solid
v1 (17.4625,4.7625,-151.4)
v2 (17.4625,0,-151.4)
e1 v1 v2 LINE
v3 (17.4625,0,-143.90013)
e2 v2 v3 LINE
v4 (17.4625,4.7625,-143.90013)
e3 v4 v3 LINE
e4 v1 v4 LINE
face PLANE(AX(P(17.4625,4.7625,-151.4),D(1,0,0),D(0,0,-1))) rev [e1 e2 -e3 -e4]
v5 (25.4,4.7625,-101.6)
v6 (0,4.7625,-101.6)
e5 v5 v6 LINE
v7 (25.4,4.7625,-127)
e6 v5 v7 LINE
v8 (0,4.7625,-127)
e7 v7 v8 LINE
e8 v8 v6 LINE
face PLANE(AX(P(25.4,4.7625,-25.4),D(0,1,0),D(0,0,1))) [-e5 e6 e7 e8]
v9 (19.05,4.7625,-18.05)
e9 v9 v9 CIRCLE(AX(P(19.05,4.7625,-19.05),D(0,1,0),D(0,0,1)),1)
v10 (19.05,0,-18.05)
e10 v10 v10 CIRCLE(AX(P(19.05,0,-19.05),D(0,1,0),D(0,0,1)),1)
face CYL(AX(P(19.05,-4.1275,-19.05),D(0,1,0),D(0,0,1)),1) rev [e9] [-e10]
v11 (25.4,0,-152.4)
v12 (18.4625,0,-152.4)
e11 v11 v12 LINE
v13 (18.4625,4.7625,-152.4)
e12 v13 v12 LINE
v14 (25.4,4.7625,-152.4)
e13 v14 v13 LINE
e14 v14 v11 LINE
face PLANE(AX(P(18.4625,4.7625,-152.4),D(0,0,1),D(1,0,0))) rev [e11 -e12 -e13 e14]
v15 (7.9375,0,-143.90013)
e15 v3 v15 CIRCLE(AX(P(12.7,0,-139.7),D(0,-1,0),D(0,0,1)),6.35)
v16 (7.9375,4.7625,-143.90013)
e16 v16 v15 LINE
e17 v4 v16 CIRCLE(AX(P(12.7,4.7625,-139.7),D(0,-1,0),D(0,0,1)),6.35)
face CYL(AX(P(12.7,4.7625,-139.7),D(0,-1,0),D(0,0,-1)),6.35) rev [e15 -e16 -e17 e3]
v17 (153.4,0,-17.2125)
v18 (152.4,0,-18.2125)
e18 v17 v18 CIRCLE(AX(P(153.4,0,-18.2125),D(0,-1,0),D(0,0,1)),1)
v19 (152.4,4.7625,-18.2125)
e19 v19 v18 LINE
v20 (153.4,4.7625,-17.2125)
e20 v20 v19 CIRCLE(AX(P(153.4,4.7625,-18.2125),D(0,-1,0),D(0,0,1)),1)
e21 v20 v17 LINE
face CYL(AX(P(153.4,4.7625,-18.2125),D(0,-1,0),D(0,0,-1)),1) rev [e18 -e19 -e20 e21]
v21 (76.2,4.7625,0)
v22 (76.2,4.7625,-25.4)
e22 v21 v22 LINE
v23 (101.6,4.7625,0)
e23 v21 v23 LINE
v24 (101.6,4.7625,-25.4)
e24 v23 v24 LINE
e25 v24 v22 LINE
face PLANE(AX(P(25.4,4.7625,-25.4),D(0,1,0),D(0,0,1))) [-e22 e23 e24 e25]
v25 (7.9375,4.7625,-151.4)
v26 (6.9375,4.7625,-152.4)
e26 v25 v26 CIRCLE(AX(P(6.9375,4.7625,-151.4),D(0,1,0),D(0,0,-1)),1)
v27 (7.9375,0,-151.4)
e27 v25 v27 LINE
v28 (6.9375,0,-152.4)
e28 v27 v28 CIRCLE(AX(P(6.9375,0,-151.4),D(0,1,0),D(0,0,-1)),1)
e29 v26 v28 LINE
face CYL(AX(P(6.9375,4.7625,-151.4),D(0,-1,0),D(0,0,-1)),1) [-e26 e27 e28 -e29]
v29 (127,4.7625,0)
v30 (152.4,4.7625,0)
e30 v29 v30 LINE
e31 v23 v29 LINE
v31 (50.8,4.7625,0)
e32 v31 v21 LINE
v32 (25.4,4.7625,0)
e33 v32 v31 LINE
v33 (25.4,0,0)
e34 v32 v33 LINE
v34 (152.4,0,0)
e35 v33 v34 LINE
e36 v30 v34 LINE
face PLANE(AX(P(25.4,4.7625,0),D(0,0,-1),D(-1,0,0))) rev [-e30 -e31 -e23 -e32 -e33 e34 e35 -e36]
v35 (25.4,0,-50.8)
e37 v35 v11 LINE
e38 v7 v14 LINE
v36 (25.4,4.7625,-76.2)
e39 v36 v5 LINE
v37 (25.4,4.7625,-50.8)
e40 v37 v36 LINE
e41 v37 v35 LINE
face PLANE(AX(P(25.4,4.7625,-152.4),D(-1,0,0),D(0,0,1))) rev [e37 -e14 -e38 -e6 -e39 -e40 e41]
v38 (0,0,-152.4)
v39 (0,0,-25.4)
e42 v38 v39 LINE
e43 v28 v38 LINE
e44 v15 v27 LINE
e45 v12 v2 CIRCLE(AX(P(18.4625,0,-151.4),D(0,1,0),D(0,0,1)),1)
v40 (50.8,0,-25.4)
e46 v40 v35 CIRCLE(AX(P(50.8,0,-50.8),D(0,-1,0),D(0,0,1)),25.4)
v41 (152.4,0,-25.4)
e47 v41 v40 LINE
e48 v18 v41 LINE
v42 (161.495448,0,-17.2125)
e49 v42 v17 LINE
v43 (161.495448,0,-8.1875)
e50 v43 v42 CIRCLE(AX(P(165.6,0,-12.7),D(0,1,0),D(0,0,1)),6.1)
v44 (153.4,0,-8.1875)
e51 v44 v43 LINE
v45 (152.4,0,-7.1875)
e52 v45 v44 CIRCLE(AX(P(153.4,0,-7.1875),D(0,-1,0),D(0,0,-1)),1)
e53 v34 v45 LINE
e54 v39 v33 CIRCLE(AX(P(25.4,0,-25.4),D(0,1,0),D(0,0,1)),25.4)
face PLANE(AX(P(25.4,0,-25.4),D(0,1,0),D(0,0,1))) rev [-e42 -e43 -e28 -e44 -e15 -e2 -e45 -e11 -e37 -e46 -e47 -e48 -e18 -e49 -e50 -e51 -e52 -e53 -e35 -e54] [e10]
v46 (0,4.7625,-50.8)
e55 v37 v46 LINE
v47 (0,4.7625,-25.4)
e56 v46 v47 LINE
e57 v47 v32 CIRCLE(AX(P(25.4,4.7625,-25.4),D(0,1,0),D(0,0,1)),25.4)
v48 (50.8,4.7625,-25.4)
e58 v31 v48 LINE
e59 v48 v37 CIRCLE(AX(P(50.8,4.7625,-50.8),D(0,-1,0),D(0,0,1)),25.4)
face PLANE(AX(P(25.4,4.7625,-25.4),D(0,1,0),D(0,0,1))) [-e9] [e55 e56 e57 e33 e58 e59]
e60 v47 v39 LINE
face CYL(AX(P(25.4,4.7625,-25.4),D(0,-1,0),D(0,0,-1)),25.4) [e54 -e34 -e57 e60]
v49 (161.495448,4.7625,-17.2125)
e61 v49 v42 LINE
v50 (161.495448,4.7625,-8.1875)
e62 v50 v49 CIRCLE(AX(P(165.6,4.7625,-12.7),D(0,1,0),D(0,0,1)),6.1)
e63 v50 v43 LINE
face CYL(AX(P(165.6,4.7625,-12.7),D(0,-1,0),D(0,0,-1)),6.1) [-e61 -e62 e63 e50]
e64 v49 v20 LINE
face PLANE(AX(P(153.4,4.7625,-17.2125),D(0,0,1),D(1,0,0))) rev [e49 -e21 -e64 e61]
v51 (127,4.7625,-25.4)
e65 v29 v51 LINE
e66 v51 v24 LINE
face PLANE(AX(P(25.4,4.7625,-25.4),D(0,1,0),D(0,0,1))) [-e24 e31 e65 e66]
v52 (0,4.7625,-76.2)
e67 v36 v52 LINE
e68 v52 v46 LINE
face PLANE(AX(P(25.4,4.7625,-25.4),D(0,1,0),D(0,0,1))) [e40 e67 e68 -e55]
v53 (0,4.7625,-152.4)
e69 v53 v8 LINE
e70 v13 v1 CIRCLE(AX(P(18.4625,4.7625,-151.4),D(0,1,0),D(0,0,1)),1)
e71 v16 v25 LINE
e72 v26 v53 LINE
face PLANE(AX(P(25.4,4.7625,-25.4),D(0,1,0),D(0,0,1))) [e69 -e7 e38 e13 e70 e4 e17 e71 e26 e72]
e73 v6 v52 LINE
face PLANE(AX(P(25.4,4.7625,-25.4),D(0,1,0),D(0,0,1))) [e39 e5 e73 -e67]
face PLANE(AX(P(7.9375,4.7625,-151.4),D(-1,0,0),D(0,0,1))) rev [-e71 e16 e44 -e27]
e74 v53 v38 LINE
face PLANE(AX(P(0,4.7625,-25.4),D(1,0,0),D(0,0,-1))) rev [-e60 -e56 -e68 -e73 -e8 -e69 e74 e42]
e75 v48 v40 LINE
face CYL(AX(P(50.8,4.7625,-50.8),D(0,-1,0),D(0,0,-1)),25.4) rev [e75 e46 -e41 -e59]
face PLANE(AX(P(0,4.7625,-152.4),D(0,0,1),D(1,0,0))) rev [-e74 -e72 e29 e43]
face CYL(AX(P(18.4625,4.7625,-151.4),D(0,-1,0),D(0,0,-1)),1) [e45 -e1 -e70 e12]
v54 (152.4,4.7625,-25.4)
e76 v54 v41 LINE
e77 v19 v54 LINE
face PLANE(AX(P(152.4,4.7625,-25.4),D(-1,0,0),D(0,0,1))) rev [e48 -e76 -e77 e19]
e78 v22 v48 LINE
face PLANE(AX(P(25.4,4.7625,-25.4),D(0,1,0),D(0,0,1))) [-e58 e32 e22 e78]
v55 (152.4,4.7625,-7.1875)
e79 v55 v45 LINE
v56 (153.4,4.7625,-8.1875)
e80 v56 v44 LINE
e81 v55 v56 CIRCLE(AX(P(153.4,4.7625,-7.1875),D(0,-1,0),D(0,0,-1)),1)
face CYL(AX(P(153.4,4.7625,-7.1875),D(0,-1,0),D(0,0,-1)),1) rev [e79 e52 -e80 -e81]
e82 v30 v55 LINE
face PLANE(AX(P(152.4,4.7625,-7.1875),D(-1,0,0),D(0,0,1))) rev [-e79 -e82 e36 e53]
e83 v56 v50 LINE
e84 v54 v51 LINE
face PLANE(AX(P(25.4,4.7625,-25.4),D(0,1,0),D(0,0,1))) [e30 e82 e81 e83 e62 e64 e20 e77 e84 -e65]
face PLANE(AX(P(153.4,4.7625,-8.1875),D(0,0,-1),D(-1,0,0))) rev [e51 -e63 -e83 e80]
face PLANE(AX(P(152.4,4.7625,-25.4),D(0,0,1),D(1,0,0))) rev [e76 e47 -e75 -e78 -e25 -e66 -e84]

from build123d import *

# Parameters (mm, degrees)
BOSS_EXTRUDE1_DEPTH = 4.7625
SKETCH2_R           = 1
CUT_EXTRUDE1_DEPTH  = 8.89


with BuildPart() as part:
    # Sketch1 → Boss-Extrude1 (new body)
    with BuildSketch(Plane(origin=(0, 0, 0), x_dir=(1, 0, 0), z_dir=(0, 1, 0))):
        with BuildLine():
            Line((25.4, 0), (152.4, 0))
            Line((152.4, 0), (152.4, 7.1875))
            ThreePointArc((152.4, 7.1875), (152.692893219, 7.894606781), (153.4, 8.1875))
            Line((153.4, 8.1875), (161.495448411, 8.1875))
            ThreePointArc((161.495448411, 8.1875), (171.7, 12.7), (161.495448411, 17.2125))
            Line((161.495448411, 17.2125), (153.4, 17.2125))
            ThreePointArc((153.4, 17.2125), (152.692893219, 17.505393219), (152.4, 18.2125))
            Line((152.4, 18.2125), (152.4, 25.4))
            Line((152.4, 25.4), (50.8, 25.4))
            ThreePointArc((50.8, 25.4), (32.839487758, 32.839487758), (25.4, 50.8))
            Line((25.4, 50.8), (25.4, 152.4))
            Line((25.4, 152.4), (18.4625, 152.4))
            ThreePointArc((18.4625, 152.4), (17.755393219, 152.107106781), (17.4625, 151.4))
            Line((17.4625, 151.4), (17.4625, 143.900130206))
            ThreePointArc((17.4625, 143.900130206), (12.7, 133.35), (7.9375, 143.900130206))
            Line((7.9375, 143.900130206), (7.9375, 151.4))
            ThreePointArc((7.9375, 151.4), (7.644606781, 152.107106781), (6.9375, 152.4))
            Line((6.9375, 152.4), (0, 152.4))
            Line((0, 152.4), (0, 25.4))
            ThreePointArc((0, 25.4), (7.439487758, 7.439487758), (25.4, 0))
        make_face()
    extrude(amount=BOSS_EXTRUDE1_DEPTH)

    # Sketch2 → Cut-Extrude1 (cut)
    with BuildSketch(Plane(origin=(0, 4.7625, 0), x_dir=(1, 0, 0), z_dir=(0, 1, 0))):
        with Locations(Location((19.05, 19.05, 0), (0, 0, 270))):
            Circle(SKETCH2_R)
    extrude(amount=-CUT_EXTRUDE1_DEPTH, mode=Mode.SUBTRACT)


solid = part.part
